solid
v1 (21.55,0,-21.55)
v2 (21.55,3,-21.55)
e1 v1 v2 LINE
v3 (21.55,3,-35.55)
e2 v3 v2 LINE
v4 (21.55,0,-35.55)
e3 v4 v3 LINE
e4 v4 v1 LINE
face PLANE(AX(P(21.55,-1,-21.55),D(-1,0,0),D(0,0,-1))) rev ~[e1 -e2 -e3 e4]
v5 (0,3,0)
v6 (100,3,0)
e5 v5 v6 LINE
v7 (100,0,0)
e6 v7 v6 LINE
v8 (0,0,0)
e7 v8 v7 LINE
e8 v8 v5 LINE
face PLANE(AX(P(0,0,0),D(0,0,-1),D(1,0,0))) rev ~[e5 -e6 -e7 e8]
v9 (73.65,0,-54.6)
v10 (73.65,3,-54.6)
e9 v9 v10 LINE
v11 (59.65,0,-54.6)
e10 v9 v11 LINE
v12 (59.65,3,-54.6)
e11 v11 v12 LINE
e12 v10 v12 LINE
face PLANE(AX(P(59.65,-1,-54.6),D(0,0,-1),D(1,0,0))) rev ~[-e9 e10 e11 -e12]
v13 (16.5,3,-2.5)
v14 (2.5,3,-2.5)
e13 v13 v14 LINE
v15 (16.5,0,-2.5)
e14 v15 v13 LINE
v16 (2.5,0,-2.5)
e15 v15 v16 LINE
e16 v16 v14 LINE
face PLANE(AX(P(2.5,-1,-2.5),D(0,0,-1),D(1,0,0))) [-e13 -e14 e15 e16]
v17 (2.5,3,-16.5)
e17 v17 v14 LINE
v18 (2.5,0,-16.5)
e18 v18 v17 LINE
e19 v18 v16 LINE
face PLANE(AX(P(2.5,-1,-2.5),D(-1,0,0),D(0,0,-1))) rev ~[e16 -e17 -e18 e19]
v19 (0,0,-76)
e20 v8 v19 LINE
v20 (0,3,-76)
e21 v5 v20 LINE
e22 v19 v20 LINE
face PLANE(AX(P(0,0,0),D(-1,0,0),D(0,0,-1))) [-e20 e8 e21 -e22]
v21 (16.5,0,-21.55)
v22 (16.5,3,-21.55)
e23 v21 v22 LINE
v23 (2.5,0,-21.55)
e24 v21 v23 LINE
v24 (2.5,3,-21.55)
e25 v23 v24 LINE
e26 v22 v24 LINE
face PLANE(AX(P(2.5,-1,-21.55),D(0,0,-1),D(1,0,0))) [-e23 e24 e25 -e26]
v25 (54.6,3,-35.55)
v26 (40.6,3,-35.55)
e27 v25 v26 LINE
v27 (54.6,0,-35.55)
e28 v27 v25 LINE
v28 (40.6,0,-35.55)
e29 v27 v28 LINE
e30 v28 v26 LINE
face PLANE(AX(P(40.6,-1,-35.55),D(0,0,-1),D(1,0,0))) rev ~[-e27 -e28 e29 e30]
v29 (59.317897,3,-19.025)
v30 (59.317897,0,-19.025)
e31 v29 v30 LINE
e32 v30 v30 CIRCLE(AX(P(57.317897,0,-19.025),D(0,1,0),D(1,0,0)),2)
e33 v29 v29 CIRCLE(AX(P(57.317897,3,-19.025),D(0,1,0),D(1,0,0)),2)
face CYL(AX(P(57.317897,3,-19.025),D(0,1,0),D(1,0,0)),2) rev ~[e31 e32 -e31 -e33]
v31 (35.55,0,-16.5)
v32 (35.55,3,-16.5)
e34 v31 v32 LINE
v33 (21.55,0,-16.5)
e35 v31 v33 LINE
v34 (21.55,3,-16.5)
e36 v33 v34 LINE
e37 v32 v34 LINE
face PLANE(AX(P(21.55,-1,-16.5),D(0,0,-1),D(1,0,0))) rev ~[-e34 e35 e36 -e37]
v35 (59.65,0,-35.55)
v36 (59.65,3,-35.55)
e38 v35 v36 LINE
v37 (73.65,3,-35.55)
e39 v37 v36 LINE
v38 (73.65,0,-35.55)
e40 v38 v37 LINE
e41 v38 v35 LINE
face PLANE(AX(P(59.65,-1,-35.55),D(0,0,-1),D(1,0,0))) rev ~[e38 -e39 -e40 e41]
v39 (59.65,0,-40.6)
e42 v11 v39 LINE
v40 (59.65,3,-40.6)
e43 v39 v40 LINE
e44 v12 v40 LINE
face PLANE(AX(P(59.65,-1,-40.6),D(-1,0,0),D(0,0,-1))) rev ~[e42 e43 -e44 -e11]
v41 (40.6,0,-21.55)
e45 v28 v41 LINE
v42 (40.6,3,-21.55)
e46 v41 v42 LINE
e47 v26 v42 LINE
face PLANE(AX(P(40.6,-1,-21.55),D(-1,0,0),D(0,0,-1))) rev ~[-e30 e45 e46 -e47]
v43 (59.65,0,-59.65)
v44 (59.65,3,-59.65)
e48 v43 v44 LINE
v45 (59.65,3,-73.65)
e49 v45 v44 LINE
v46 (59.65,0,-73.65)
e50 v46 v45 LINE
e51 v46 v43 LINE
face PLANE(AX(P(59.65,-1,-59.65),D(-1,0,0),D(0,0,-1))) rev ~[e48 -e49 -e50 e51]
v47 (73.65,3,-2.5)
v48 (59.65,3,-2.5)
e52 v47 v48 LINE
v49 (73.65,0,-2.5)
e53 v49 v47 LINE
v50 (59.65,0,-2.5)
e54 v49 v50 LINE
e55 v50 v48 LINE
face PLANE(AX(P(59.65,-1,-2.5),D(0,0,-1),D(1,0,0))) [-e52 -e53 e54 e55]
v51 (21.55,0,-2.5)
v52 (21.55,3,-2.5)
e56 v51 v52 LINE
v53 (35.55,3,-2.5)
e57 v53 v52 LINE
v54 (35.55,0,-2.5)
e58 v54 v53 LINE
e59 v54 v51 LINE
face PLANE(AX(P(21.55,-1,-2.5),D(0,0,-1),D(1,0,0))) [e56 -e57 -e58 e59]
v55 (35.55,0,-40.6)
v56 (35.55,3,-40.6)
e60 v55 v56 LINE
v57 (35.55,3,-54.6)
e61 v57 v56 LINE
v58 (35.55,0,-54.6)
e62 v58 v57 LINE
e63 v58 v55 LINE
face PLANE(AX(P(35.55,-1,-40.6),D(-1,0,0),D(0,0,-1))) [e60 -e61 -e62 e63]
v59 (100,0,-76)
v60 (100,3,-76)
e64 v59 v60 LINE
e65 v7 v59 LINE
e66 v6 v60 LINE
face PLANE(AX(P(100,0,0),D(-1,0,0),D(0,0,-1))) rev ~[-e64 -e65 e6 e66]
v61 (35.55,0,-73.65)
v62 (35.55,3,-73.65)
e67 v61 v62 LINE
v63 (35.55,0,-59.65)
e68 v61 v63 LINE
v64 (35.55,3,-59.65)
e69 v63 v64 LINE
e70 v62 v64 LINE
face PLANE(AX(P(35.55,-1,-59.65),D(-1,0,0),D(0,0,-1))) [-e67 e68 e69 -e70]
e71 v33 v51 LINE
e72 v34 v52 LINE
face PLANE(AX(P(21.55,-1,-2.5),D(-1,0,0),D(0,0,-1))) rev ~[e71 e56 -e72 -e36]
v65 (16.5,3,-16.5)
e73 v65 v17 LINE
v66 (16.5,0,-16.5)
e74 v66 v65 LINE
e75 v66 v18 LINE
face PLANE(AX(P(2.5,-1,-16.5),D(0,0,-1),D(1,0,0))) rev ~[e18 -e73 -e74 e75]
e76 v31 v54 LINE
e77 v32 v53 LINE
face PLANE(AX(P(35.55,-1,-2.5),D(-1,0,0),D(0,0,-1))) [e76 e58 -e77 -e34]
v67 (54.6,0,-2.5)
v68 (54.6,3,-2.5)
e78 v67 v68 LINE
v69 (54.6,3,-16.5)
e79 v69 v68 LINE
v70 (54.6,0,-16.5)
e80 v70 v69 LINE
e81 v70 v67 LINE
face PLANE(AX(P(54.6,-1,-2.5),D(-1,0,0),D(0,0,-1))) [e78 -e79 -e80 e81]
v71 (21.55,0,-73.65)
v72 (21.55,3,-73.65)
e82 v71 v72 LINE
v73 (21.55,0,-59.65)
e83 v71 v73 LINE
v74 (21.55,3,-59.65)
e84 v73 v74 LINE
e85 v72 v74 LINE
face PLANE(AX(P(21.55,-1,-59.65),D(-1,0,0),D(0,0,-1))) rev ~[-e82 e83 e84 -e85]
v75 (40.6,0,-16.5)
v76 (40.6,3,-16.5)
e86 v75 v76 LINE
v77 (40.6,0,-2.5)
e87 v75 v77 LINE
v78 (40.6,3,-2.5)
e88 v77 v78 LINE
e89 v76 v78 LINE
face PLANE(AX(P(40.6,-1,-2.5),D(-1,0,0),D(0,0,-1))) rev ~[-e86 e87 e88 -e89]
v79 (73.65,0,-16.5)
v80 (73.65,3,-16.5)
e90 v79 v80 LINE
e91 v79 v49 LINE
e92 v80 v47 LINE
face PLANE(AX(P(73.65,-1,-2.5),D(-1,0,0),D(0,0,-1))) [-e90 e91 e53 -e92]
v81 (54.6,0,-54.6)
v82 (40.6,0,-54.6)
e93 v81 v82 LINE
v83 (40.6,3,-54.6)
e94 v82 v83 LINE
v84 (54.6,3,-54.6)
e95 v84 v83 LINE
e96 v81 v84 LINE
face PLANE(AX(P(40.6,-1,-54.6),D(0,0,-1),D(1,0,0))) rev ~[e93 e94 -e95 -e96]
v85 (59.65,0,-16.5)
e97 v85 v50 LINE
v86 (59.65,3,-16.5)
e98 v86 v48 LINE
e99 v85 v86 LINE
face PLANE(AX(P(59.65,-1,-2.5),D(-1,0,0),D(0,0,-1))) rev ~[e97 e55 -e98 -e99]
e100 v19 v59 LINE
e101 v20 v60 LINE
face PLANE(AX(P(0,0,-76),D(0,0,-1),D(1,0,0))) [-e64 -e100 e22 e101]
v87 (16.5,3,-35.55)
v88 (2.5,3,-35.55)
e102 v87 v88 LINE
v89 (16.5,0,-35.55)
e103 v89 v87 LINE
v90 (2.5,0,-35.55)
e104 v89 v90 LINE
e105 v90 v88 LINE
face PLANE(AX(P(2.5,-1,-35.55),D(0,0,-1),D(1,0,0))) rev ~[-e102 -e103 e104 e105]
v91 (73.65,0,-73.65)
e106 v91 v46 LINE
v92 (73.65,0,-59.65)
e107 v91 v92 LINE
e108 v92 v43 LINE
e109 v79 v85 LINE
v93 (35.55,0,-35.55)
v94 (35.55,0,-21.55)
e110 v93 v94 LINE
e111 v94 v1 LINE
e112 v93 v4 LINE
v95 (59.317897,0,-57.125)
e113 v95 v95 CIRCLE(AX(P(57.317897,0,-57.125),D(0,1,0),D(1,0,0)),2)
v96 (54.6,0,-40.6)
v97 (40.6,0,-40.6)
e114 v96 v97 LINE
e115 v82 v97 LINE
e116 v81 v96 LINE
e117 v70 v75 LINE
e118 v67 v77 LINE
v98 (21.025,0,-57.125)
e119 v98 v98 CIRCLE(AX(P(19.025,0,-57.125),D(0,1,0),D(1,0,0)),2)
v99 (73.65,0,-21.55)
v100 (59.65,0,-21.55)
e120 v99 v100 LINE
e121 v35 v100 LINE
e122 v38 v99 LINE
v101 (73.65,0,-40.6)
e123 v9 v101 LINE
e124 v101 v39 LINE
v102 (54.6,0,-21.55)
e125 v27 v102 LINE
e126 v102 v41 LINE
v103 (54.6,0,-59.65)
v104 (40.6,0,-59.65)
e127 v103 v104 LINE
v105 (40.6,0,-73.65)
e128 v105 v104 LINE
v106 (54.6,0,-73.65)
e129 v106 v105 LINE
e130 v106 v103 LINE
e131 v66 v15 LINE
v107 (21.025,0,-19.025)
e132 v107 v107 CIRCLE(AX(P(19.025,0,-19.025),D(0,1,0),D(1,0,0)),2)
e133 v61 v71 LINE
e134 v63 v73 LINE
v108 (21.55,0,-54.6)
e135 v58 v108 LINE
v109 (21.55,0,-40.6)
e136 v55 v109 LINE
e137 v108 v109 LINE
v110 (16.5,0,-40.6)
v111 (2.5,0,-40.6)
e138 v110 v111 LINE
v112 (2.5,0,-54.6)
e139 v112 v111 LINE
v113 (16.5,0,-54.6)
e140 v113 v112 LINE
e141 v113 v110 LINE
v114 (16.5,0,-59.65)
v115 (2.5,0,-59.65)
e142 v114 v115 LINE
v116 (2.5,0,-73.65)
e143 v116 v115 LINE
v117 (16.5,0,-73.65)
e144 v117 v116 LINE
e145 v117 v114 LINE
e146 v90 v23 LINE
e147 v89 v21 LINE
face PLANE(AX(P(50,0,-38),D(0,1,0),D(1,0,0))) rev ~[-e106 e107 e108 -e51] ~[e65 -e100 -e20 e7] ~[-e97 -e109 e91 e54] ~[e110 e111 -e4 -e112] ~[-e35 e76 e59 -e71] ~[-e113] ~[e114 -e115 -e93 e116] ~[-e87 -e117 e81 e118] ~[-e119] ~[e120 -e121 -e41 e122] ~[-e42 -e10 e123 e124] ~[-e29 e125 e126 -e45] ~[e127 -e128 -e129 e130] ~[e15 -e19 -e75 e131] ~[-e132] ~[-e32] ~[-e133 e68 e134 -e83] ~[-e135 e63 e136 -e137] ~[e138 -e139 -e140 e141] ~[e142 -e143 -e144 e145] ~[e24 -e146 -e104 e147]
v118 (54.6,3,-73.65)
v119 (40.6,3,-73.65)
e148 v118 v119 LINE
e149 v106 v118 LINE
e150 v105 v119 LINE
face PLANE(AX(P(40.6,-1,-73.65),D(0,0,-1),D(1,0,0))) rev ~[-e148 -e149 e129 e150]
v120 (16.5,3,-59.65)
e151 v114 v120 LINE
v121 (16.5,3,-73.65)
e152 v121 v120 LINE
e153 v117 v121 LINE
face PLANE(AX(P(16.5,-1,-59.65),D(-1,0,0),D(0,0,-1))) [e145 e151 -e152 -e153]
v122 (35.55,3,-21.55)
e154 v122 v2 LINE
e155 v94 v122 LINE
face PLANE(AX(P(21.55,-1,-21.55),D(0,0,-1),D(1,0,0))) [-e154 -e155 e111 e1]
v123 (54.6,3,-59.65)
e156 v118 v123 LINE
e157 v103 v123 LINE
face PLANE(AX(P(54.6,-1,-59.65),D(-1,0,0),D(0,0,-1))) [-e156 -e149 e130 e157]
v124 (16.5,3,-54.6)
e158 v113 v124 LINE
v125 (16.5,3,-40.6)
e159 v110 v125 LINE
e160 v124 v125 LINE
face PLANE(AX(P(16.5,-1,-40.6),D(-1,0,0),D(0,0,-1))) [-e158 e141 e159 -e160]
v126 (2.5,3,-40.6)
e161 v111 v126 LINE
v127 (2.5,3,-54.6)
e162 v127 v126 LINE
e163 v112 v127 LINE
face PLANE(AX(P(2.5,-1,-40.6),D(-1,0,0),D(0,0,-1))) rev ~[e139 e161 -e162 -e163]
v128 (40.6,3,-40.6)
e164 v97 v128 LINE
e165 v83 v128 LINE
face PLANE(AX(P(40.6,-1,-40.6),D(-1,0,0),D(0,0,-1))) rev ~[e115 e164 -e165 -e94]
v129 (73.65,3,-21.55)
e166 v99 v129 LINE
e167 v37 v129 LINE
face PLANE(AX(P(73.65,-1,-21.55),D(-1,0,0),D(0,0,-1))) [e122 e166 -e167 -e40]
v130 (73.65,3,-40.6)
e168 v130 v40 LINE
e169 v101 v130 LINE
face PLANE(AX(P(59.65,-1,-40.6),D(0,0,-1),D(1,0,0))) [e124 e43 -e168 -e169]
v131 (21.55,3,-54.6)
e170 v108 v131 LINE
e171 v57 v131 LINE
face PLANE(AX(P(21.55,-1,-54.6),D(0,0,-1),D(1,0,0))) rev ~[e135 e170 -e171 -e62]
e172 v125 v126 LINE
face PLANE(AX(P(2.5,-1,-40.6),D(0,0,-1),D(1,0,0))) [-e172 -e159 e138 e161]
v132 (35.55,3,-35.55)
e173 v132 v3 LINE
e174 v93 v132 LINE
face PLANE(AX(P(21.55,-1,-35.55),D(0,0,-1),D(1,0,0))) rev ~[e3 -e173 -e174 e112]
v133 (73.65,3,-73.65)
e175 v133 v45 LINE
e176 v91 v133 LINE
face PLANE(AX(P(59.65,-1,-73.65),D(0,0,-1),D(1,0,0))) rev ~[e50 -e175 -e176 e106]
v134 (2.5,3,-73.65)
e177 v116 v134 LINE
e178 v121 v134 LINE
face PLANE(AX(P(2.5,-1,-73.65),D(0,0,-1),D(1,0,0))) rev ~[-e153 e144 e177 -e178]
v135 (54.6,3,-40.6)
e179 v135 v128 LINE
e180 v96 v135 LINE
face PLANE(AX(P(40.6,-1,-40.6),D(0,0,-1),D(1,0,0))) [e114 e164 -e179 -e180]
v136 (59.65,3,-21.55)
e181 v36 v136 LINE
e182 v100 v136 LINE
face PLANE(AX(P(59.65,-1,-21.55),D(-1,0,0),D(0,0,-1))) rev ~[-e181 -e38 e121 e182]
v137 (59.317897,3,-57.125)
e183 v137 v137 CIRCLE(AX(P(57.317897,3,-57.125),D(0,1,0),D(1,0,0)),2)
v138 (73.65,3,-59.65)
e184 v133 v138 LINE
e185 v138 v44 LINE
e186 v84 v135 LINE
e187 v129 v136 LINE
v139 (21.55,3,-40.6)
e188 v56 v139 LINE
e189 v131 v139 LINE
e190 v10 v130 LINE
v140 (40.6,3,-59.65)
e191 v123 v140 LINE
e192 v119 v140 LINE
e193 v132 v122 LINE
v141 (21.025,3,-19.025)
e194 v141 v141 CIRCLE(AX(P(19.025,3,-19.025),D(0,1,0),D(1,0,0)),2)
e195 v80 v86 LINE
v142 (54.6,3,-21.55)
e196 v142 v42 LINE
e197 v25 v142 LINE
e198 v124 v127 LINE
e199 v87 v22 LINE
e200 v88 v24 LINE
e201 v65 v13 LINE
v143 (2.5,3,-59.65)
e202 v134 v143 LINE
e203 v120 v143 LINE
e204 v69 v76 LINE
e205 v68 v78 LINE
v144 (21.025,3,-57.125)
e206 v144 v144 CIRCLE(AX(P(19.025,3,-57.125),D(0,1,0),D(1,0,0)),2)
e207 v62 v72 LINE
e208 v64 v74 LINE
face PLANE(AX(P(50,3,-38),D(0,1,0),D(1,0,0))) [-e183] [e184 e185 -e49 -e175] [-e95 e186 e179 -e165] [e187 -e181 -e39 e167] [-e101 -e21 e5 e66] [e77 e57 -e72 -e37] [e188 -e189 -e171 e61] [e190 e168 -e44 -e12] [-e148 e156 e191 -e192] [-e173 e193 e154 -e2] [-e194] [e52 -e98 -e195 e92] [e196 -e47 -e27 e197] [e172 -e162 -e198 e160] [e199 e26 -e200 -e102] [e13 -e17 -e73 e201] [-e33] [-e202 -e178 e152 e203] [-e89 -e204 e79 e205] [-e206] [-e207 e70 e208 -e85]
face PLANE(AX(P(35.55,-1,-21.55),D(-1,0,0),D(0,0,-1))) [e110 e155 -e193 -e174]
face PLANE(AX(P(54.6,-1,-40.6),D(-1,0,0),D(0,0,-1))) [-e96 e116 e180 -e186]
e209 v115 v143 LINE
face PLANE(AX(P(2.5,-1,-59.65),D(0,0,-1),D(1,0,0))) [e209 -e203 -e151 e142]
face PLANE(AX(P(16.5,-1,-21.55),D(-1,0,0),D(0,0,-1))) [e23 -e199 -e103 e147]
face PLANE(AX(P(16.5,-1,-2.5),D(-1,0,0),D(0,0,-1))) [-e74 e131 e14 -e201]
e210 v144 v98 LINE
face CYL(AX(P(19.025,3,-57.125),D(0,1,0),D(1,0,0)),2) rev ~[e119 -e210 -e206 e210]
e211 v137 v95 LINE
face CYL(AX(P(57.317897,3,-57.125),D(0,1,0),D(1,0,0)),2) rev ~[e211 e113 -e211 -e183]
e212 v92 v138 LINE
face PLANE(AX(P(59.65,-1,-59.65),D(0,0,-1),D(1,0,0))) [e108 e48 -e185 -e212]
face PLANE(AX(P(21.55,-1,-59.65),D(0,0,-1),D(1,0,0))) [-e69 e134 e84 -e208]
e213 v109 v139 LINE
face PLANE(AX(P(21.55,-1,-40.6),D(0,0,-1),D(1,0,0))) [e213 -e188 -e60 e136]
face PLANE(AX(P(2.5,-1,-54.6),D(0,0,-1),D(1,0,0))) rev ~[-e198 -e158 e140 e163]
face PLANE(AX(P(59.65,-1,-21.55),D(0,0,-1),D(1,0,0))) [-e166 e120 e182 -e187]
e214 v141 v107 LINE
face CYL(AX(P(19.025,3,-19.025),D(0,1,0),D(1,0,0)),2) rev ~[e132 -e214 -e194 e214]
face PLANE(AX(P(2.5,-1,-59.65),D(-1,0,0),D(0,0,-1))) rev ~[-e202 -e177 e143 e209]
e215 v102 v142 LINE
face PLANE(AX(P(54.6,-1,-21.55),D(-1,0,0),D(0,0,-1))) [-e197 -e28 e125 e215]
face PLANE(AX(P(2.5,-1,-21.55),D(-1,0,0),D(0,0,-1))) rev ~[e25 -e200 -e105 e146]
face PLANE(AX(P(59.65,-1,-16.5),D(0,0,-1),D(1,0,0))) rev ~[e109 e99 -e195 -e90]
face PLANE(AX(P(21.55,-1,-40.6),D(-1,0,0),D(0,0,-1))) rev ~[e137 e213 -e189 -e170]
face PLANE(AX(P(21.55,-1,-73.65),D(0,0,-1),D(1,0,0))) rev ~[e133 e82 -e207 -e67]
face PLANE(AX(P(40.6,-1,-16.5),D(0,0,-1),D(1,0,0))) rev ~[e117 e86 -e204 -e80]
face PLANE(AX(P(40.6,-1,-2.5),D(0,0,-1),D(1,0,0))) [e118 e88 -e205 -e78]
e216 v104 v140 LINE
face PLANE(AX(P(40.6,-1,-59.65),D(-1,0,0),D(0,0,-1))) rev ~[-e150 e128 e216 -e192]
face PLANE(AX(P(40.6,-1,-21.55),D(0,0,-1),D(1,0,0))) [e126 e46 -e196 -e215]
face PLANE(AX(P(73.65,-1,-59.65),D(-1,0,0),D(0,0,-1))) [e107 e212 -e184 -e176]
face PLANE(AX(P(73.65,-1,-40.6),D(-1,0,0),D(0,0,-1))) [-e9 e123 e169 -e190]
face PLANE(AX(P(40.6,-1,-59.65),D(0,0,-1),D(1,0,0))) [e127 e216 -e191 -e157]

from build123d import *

# Parameters (mm, degrees)
SKETCH1_W               = 100
SKETCH1_H               = 76
BOSS_EXTRUDE1_DEPTH     = 3
CUT_EXTRUDE1_START      = -4
SKETCH2_W               = 14
SKETCH2_H               = 14
CUT_EXTRUDE1_DEPTH      = 5
LPATTERN1_COUNT         = 4
LPATTERN1_PITCH         = 19.05
LPATTERN1_COUNT_DIR2    = 4
LPATTERN1_PITCH_DIR2    = 19.05
SKETCH4_R               = 2
CUT_EXTRUDE2_DEPTH      = 1
CUT_EXTRUDE2_DEPTH_BACK = 4


with BuildPart() as part:
    # Sketch1 → Boss-Extrude1 (new body)
    with BuildSketch(Plane(origin=(0, 0, 0), x_dir=(1, 0, 0), z_dir=(0, 1, 0))):
        with Locations((50, 38)):
            Rectangle(SKETCH1_W, SKETCH1_H)
    extrude(amount=BOSS_EXTRUDE1_DEPTH)

    # Sketch2 → Cut-Extrude1 (cut)
    with BuildSketch(Plane(origin=(0, 3, 0), x_dir=(1, 0, 0), z_dir=(0, 1, 0)).offset(CUT_EXTRUDE1_START)):
        with Locations((9.5, 9.5)):
            Rectangle(SKETCH2_W, SKETCH2_H)
    cut_extrude1 = extrude(amount=CUT_EXTRUDE1_DEPTH, mode=Mode.SUBTRACT)

    # LPattern1: Cut-Extrude1 4 × 4
    with Locations(*[(j * LPATTERN1_PITCH_DIR2, 0, -i * LPATTERN1_PITCH) for i in range(LPATTERN1_COUNT) for j in range(LPATTERN1_COUNT_DIR2) if (i, j) != (0, 0)]):
        add(cut_extrude1, mode=Mode.SUBTRACT)

    # Sketch4 → Cut-Extrude2 (cut, two sides)
    with BuildSketch(Plane(origin=(0, 3, 0), x_dir=(1, 0, 0), z_dir=(0, 1, 0))) as cut_extrude2_sk:
        with Locations((19.025, 57.125)):
            Circle(SKETCH4_R)
        with Locations((57.317897374, 57.125)):
            Circle(SKETCH4_R)
        with Locations((19.025, 19.025)):
            Circle(SKETCH4_R)
        with Locations((57.317897374, 19.025)):
            Circle(SKETCH4_R)
    extrude(amount=CUT_EXTRUDE2_DEPTH, mode=Mode.SUBTRACT)
    extrude(cut_extrude2_sk.sketch, amount=-CUT_EXTRUDE2_DEPTH_BACK, mode=Mode.SUBTRACT)


solid = part.part
